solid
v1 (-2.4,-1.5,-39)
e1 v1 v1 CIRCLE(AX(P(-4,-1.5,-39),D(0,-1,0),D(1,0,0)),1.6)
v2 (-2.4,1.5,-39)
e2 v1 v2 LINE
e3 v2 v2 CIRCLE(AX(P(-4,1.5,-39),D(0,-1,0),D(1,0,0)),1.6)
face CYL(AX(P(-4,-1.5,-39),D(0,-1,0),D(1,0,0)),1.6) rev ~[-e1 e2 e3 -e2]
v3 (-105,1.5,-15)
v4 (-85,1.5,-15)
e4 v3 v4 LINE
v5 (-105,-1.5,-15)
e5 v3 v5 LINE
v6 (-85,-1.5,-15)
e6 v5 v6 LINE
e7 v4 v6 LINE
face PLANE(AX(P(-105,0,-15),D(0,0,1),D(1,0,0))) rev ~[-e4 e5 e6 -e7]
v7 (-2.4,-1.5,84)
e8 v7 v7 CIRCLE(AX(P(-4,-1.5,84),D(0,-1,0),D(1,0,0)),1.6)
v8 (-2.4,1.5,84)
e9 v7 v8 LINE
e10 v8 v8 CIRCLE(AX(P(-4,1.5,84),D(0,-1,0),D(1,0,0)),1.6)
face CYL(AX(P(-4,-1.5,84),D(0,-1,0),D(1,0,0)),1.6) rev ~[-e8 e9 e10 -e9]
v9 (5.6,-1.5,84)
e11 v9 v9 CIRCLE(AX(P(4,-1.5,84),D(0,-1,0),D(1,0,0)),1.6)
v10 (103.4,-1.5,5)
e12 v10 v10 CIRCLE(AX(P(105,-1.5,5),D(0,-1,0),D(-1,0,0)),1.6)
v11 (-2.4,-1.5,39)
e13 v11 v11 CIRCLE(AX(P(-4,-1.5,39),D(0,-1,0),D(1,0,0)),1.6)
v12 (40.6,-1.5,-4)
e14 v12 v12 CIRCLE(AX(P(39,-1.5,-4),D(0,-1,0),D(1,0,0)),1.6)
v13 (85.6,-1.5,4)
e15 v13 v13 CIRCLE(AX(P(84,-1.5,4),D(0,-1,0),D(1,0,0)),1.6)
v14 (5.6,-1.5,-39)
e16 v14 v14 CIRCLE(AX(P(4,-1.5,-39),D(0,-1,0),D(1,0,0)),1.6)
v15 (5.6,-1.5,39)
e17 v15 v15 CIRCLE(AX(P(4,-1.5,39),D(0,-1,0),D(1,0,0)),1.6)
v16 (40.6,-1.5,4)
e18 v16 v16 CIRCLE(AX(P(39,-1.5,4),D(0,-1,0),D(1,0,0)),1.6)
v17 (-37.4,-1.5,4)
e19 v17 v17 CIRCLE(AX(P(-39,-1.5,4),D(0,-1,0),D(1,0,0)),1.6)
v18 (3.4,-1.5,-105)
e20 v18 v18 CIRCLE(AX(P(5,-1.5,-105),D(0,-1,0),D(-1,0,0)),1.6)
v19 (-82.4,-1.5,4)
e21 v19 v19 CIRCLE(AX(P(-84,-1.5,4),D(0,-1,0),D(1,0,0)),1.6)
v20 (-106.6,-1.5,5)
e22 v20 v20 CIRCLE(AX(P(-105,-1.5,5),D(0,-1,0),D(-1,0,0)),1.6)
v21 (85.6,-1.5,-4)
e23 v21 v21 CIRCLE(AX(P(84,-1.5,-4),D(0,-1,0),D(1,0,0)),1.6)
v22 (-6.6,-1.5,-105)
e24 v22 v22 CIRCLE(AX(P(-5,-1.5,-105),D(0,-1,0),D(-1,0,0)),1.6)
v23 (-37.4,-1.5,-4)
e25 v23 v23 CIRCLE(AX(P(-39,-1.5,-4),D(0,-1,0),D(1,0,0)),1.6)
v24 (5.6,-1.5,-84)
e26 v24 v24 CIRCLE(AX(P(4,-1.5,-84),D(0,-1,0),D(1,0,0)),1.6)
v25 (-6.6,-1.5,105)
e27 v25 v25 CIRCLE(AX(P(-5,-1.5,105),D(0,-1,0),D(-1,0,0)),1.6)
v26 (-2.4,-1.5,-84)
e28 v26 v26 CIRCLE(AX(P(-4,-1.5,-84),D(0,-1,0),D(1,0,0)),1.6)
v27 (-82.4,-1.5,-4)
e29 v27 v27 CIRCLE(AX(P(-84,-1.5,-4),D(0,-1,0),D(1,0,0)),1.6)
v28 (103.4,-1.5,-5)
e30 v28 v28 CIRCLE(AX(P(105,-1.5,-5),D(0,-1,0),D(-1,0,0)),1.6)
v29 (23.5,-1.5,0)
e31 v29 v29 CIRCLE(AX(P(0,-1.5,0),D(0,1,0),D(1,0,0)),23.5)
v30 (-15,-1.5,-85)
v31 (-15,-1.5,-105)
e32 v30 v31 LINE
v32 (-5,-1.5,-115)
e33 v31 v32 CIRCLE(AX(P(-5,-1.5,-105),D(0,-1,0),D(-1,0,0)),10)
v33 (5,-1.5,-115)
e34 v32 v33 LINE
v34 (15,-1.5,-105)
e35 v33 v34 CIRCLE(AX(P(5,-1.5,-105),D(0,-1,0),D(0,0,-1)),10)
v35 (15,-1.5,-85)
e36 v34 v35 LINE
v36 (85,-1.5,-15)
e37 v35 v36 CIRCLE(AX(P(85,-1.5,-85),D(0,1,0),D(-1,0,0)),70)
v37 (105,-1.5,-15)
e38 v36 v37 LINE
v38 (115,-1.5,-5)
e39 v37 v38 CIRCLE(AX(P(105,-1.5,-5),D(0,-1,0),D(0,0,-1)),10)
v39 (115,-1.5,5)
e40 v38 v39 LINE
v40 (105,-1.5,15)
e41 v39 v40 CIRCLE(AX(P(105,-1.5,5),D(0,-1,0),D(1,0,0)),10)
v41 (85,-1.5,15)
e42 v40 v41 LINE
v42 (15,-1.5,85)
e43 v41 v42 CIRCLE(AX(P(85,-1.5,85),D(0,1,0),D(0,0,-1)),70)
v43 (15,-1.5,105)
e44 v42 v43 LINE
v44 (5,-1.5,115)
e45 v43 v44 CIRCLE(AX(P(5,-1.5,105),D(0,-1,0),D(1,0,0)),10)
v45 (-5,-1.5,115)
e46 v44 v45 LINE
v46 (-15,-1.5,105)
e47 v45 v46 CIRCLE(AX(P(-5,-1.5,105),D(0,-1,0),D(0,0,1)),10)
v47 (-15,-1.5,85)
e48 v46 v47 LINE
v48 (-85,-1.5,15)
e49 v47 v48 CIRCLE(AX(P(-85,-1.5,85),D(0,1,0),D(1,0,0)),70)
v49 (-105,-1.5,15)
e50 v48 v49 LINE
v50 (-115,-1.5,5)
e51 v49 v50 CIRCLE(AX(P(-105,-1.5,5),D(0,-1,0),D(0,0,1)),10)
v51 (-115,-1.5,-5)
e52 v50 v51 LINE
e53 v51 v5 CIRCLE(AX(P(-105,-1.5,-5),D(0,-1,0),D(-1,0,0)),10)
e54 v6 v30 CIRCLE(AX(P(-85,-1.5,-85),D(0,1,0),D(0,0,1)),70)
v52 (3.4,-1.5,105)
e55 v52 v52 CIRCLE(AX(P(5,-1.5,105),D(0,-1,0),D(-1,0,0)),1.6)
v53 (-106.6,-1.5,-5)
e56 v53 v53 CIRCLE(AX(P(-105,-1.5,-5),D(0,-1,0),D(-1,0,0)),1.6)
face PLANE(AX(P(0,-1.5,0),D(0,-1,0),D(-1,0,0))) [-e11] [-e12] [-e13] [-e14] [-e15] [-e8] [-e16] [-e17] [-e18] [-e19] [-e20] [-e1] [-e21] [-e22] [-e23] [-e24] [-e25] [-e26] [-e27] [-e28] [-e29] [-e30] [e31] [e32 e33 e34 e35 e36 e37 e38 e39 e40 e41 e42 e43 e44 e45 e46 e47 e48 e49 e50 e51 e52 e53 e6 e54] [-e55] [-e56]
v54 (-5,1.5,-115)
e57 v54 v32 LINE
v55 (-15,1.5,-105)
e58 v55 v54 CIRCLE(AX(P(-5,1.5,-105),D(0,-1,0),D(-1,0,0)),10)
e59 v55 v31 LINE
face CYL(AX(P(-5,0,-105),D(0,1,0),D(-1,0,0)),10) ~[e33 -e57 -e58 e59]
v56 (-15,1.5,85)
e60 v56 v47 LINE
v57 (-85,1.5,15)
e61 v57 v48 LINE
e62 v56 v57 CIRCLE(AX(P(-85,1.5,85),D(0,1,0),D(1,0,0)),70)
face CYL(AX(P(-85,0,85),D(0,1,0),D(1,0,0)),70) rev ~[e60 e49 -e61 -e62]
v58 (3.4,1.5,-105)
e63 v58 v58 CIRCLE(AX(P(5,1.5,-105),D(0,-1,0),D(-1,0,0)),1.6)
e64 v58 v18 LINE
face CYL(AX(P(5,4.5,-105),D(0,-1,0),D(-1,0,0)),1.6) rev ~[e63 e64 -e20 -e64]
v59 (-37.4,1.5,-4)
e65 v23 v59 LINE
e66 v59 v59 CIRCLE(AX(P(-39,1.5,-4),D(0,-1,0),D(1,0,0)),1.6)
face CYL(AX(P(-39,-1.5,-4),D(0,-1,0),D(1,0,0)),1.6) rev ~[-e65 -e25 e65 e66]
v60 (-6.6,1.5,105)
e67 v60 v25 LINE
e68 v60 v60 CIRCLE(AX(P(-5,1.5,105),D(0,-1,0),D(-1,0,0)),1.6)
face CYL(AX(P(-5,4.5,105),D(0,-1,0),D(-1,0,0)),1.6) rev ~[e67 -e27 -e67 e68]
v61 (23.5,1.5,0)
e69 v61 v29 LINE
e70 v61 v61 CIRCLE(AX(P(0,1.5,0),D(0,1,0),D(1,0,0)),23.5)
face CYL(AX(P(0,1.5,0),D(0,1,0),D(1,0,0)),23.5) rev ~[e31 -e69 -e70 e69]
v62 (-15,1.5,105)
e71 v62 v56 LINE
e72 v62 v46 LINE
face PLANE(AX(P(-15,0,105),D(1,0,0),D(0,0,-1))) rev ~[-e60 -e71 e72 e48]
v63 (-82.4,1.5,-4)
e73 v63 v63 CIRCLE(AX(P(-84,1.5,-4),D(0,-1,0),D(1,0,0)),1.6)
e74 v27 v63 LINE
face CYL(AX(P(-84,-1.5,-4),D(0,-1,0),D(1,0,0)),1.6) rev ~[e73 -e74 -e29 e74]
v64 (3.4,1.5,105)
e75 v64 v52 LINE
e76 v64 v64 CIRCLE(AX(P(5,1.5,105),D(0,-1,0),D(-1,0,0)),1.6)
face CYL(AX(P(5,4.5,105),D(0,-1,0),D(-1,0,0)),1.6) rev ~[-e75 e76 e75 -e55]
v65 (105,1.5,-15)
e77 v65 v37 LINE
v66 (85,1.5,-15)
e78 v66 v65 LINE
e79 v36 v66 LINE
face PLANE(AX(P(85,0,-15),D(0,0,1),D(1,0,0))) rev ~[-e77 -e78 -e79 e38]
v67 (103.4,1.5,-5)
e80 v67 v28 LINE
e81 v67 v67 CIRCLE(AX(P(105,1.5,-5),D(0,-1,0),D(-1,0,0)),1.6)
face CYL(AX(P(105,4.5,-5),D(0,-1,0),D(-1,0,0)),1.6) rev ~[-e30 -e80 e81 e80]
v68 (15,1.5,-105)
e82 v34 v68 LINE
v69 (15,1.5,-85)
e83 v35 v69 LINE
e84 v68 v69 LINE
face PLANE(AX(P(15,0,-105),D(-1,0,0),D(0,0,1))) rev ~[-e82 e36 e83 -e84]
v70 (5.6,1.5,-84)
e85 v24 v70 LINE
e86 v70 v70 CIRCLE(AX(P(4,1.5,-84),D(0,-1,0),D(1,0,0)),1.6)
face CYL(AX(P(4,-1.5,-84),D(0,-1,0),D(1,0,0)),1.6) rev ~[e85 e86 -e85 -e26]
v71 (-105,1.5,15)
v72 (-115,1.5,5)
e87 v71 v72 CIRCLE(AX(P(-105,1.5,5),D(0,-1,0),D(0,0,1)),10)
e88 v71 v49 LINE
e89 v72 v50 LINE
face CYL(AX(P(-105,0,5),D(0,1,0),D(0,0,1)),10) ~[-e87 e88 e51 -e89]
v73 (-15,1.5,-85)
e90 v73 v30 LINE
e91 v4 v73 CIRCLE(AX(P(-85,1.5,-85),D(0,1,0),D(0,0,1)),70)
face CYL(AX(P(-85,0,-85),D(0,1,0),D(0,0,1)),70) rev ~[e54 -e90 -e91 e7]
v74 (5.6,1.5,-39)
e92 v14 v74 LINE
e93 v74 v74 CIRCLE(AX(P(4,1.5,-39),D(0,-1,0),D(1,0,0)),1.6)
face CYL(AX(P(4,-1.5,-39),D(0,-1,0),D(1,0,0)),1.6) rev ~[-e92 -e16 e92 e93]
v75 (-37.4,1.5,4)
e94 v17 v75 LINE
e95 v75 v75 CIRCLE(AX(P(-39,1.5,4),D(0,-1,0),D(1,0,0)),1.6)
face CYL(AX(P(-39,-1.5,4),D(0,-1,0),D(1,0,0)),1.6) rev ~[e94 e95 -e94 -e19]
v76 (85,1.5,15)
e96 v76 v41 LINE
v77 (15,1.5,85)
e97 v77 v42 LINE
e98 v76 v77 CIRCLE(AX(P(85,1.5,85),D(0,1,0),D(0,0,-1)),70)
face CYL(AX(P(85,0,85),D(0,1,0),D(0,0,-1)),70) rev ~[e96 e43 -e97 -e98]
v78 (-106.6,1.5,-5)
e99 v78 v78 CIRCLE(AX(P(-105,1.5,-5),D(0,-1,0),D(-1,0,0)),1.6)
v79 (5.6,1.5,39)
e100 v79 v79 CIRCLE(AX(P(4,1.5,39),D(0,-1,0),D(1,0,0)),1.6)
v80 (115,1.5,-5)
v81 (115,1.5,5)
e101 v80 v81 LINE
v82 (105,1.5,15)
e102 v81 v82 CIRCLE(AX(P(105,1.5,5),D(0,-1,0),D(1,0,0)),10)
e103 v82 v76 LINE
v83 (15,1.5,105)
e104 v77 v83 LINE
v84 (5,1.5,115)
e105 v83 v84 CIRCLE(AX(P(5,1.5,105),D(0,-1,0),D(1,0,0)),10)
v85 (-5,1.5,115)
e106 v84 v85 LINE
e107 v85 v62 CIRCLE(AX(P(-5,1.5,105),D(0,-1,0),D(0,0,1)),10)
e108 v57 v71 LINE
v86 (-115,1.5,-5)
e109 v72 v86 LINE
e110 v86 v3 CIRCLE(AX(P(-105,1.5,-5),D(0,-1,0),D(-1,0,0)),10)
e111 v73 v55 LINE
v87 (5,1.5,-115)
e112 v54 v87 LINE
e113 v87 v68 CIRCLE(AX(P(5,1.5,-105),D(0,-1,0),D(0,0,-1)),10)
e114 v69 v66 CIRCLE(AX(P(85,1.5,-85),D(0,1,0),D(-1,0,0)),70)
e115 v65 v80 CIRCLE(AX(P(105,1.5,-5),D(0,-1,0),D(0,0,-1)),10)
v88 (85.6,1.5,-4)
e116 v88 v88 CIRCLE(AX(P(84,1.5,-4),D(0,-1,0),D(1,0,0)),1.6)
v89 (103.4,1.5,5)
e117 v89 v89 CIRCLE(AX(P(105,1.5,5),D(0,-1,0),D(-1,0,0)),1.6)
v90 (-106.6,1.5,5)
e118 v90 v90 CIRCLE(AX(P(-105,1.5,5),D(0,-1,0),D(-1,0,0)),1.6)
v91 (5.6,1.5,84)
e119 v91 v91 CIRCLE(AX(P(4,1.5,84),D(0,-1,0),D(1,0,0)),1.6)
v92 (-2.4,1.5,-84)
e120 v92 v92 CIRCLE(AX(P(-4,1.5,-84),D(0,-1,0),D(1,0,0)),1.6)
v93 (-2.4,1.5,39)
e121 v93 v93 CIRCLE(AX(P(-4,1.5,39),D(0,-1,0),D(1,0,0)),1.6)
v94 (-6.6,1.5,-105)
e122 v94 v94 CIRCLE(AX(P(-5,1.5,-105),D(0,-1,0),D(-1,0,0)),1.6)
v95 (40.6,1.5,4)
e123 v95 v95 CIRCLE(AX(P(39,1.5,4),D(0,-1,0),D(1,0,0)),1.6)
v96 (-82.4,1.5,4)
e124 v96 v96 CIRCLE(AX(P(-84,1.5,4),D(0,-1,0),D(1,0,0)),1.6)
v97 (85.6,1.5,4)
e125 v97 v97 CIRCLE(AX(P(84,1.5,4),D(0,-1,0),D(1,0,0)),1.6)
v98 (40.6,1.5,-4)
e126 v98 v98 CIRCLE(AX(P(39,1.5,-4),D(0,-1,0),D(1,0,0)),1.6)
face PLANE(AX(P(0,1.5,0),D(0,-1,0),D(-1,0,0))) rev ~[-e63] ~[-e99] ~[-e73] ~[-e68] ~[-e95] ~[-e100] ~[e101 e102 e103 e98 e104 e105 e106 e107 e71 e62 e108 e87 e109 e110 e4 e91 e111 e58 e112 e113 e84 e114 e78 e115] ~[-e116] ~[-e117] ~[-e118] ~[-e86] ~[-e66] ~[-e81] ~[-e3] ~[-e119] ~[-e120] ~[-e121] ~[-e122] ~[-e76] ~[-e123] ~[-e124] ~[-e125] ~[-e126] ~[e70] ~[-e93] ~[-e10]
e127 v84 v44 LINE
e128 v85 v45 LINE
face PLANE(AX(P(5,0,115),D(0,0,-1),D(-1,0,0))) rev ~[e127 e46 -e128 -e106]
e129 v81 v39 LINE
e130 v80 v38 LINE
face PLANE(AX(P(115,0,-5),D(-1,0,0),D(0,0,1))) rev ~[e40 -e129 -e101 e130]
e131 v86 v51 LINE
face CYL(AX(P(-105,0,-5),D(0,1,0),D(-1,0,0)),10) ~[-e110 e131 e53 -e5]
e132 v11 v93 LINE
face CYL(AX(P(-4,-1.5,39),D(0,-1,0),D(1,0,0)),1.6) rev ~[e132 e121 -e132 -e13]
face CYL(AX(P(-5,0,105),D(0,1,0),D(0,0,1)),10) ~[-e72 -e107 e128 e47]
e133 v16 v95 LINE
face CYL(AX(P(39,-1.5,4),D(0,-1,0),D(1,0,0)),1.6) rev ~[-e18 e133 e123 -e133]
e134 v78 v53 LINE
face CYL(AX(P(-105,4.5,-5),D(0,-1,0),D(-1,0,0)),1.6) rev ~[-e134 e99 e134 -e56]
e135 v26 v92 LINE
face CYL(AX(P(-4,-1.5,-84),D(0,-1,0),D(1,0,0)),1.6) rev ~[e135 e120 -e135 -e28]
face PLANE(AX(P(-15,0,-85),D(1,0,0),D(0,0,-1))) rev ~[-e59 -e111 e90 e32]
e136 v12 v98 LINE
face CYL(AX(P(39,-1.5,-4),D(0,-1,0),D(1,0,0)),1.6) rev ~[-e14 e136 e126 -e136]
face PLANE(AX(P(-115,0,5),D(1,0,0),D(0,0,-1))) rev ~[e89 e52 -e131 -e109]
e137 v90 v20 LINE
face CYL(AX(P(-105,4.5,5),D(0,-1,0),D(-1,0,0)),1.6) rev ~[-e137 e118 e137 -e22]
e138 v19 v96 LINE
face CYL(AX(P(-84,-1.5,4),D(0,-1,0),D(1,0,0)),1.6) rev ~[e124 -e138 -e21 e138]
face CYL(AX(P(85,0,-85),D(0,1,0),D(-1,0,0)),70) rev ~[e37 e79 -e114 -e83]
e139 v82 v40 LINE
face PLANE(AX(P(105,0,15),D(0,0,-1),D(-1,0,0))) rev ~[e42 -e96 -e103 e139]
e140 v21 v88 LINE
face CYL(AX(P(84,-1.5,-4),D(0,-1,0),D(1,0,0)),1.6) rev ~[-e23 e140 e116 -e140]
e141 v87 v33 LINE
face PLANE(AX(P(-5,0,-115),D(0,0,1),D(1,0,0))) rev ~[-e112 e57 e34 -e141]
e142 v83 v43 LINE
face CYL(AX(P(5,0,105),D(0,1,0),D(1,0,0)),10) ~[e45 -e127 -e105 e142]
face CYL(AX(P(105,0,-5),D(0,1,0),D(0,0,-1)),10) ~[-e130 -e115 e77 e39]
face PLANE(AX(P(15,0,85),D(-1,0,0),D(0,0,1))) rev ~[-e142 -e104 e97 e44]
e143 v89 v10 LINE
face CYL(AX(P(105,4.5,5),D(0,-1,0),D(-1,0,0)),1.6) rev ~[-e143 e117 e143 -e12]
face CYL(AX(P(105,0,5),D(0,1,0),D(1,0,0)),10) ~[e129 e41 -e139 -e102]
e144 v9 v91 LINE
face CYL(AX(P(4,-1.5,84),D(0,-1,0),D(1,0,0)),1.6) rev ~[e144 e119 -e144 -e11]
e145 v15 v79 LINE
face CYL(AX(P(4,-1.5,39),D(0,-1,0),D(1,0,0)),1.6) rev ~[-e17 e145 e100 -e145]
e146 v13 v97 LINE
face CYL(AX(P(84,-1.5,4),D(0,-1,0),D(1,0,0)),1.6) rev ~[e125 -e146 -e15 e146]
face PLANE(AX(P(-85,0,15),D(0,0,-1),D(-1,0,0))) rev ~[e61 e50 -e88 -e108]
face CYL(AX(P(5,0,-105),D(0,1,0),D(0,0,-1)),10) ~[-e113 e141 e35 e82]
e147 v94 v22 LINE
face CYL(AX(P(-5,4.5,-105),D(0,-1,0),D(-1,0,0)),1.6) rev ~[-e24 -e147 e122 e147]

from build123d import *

# Parameters (mm, degrees)
BOSS_EXTRUDE1_DEPTH      = 1.5
M3_CLEARANCE_HOLE1_D     = 3.2
M3_CLEARANCE_HOLE1_DEPTH = 3
SKETCH5_R                = 23.5
CUT_EXTRUDE1_DEPTH       = 1
CUT_EXTRUDE1_DEPTH_BACK  = 4
SKETCH7_R                = 1.6
CUT_EXTRUDE2_DEPTH       = 4


with BuildPart() as part:
    # Sketch1 → Boss-Extrude1 (new body, symmetric)
    with BuildSketch(Plane(origin=(0, 0, 0), x_dir=(1, 0, 0), z_dir=(0, 1, 0))):
        with BuildLine():
            Line((85, 15), (105, 15))
            ThreePointArc((105, 15), (112.071067812, 12.071067812), (115, 5))
            Line((115, 5), (115, -5))
            ThreePointArc((115, -5), (112.071067812, -12.071067812), (105, -15))
            Line((105, -15), (85, -15))
            ThreePointArc((85, -15), (35.502525317, -35.502525317), (15, -85))
            Line((15, -85), (15, -105))
            ThreePointArc((15, -105), (12.071067812, -112.071067812), (5, -115))
            Line((5, -115), (-5, -115))
            ThreePointArc((-5, -115), (-12.071067812, -112.071067812), (-15, -105))
            Line((-15, -105), (-15, -85))
            ThreePointArc((-15, -85), (-35.502525317, -35.502525317), (-85, -15))
            Line((-85, -15), (-105, -15))
            ThreePointArc((-105, -15), (-112.071067812, -12.071067812), (-115, -5))
            Line((-115, -5), (-115, 5))
            ThreePointArc((-115, 5), (-112.071067812, 12.071067812), (-105, 15))
            Line((-105, 15), (-85, 15))
            ThreePointArc((-85, 15), (-35.502525317, 35.502525317), (-15, 85))
            Line((-15, 85), (-15, 105))
            ThreePointArc((-15, 105), (-12.071067812, 112.071067812), (-5, 115))
            Line((-5, 115), (5, 115))
            ThreePointArc((5, 115), (12.071067812, 112.071067812), (15, 105))
            Line((15, 105), (15, 85))
            ThreePointArc((15, 85), (35.502525317, 35.502525317), (85, 15))
        make_face()
    extrude(amount=BOSS_EXTRUDE1_DEPTH, both=True)

    # M3 Clearance Hole1
    with Locations(Plane(origin=(0, 1.5, 0), x_dir=(1, 0, 0), z_dir=(0, 1, 0))):
        with Locations((-105, 5), (-105, -5), (-5, 105), (5, 105), (105, 5), (105, -5), (5, -105), (-5, -105)):
            Hole(M3_CLEARANCE_HOLE1_D / 2, depth=M3_CLEARANCE_HOLE1_DEPTH)

    # Sketch5 → Cut-Extrude1 (cut, two sides)
    with BuildSketch(Plane(origin=(0, 1.5, 0), x_dir=(1, 0, 0), z_dir=(0, 1, 0))) as cut_extrude1_sk:
        Circle(SKETCH5_R)
    extrude(amount=CUT_EXTRUDE1_DEPTH, mode=Mode.SUBTRACT)
    extrude(cut_extrude1_sk.sketch, amount=-CUT_EXTRUDE1_DEPTH_BACK, mode=Mode.SUBTRACT)

    # Sketch7 → Cut-Extrude2 (cut, through all)
    with BuildSketch(Plane.XZ.offset(1.5)):
        with Locations((39, 4)):
            Circle(SKETCH7_R)
        with Locations((39, -4)):
            Circle(SKETCH7_R)
        with Locations((84, 4)):
            Circle(SKETCH7_R)
        with Locations((84, -4)):
            Circle(SKETCH7_R)
        with Locations((-4, -39)):
            Circle(SKETCH7_R)
        with Locations((4, -39)):
            Circle(SKETCH7_R)
        with Locations((4, -84)):
            Circle(SKETCH7_R)
        with Locations((-4, -84)):
            Circle(SKETCH7_R)
        with Locations((-39, 4)):
            Circle(SKETCH7_R)
        with Locations((-39, -4)):
            Circle(SKETCH7_R)
        with Locations((-84, -4)):
            Circle(SKETCH7_R)
        with Locations((-84, 4)):
            Circle(SKETCH7_R)
        with Locations((4, 39)):
            Circle(SKETCH7_R)
        with Locations((-4, 39)):
            Circle(SKETCH7_R)
        with Locations((-4, 84)):
            Circle(SKETCH7_R)
        with Locations((4, 84)):
            Circle(SKETCH7_R)
    extrude(amount=-CUT_EXTRUDE2_DEPTH, mode=Mode.SUBTRACT)


solid = part.part
